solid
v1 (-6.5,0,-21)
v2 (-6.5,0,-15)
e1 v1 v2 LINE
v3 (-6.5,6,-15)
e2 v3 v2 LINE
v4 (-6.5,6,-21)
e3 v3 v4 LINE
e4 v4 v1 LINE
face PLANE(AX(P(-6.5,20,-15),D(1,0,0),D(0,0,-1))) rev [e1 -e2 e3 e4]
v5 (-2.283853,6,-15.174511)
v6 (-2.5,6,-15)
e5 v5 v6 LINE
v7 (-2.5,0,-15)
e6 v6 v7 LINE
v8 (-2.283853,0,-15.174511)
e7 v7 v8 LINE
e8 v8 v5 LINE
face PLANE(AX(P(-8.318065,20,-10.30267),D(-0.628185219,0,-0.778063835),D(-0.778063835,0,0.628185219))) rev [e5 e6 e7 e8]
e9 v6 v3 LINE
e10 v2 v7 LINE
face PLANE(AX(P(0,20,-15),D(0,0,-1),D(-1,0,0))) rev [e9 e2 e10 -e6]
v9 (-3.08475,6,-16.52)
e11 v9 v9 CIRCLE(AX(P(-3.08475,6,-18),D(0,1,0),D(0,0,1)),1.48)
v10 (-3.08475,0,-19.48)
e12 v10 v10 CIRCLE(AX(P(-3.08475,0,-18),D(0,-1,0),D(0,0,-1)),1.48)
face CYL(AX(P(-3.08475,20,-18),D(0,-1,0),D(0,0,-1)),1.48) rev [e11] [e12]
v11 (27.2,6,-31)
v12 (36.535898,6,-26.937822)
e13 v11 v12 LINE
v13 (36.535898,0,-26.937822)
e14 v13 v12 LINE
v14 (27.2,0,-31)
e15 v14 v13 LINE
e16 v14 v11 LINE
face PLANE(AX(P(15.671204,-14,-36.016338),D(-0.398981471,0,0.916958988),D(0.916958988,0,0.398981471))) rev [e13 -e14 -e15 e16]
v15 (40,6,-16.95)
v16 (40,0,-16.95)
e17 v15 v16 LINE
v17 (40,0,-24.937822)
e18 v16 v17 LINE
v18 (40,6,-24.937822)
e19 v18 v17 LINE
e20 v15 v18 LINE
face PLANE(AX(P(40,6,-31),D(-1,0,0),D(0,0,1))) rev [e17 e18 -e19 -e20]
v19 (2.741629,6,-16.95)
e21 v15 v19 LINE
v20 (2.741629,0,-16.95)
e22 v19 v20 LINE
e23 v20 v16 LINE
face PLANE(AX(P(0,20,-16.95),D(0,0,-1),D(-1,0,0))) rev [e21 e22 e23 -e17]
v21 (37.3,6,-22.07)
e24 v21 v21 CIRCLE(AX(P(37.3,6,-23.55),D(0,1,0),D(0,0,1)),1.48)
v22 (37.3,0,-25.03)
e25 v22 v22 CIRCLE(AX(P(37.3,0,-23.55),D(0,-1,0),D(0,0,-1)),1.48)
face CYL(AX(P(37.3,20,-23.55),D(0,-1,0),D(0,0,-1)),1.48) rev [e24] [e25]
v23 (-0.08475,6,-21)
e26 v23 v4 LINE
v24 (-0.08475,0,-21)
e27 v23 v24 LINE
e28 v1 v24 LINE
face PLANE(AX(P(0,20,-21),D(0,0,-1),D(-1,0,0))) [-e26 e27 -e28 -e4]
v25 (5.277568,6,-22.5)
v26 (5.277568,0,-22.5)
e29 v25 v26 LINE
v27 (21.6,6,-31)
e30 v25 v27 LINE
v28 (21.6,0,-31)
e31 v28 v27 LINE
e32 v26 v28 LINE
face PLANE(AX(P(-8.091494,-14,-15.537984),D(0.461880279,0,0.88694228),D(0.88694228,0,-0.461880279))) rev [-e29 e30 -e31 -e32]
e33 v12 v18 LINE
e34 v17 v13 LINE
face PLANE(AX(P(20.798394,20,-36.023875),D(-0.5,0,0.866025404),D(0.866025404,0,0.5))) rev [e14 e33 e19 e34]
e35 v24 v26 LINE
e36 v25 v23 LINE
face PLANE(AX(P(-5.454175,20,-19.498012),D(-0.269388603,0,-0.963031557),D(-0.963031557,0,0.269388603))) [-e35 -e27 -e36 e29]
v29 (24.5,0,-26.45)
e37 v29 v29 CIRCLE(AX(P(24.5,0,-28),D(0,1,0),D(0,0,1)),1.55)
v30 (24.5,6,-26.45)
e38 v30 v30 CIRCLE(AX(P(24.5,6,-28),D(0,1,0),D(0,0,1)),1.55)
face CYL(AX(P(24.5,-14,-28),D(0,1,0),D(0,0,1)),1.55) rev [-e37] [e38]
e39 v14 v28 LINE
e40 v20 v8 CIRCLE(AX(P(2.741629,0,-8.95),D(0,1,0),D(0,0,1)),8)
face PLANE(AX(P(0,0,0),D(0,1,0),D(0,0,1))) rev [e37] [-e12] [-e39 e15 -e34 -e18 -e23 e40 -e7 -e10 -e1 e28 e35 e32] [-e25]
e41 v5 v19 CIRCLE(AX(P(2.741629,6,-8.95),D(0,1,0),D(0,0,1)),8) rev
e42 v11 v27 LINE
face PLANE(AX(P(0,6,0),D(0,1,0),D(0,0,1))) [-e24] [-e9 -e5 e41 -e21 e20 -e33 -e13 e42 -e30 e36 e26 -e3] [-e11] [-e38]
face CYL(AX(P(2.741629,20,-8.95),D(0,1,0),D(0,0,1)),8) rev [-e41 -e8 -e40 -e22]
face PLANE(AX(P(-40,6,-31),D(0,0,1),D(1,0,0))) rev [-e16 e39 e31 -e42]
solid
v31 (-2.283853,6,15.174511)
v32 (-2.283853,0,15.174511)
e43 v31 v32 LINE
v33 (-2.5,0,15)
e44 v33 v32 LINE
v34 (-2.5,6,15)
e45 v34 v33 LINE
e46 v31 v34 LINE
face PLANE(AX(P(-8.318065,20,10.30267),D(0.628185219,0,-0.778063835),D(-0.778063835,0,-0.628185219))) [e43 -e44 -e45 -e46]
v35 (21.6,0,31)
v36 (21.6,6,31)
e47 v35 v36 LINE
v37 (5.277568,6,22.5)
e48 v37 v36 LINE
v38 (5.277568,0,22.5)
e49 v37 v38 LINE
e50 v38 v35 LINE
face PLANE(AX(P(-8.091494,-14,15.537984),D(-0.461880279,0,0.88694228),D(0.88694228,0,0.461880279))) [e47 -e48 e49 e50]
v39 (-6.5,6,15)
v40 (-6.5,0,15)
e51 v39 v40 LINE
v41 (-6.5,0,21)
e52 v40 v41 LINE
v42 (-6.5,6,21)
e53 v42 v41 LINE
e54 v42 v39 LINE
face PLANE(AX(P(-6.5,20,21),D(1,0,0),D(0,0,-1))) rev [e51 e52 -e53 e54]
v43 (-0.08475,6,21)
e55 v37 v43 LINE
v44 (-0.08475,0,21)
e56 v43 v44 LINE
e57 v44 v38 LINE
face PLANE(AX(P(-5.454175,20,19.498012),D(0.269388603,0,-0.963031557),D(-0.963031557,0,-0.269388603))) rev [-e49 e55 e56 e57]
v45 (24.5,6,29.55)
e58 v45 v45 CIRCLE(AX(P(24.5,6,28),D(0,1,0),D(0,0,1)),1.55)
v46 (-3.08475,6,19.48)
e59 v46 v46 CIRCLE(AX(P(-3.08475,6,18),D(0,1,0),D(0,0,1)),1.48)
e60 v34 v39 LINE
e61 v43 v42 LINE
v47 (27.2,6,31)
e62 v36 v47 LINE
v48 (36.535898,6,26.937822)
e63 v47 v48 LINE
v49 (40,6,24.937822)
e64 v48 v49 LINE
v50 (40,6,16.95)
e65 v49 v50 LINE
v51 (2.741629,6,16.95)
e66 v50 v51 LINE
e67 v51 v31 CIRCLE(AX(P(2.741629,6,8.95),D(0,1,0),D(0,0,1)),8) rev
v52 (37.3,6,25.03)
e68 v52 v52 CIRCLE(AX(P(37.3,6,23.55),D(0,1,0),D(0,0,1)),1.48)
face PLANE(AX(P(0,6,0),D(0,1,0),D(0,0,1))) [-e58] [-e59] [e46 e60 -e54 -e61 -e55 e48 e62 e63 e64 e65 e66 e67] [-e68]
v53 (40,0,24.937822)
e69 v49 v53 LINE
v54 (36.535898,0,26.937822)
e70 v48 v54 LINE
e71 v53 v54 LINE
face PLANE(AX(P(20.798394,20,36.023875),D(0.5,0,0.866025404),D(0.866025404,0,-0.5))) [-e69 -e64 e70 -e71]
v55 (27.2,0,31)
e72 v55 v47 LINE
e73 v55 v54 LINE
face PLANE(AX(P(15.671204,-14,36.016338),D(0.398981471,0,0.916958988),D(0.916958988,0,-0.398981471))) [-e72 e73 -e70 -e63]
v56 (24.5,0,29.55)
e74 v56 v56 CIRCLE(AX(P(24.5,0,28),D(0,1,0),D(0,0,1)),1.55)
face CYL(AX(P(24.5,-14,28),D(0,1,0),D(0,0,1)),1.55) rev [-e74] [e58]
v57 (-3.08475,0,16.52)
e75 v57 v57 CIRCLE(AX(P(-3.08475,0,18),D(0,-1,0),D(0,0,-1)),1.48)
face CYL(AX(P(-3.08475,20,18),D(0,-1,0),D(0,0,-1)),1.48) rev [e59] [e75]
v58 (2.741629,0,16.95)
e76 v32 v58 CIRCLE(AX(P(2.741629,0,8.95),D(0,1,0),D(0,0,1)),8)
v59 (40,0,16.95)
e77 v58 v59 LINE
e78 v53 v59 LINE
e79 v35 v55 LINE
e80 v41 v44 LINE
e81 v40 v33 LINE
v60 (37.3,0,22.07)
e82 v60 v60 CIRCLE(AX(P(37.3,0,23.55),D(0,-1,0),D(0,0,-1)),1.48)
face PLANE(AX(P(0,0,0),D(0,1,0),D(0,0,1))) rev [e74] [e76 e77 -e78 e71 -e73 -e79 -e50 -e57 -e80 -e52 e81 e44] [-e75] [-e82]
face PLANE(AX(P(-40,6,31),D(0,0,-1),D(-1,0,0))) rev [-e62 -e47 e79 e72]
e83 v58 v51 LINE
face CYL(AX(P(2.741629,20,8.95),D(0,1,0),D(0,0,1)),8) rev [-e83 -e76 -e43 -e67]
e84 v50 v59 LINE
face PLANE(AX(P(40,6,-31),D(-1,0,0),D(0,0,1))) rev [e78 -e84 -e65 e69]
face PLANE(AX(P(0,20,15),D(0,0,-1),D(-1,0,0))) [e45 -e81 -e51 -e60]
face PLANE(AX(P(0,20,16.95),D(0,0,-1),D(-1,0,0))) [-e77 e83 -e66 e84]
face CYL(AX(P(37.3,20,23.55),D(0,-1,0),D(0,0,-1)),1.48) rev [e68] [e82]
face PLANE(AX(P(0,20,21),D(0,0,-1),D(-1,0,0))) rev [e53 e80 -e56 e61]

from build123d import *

# Parameters (mm, degrees)
SKETCH_1_W          = 80
SKETCH_1_H          = 62
EXTRUDE_1_DEPTH     = 6
CUT_EXTRUDE_1_DEPTH = 20
SKETCH_4_R          = 1.55
CUT_EXTRUDE_2_DEPTH = 20
SKETCH_5_R          = 1.55
CUT_EXTRUDE_3_DEPTH = 20
SKETCH_6_R          = 1.48
SKETCH_6_W          = 18
SKETCH_6_H          = 6
CUT_EXTRUDE_4_DEPTH = 20
SKETCH_7_R          = 1.48
SKETCH_7_W          = 18
SKETCH_7_H          = 6
CUT_EXTRUDE_5_DEPTH = 20
CUT_EXTRUDE_6_DEPTH = 20
CUT_EXTRUDE_7_DEPTH = 20
FILLET_3_R          = 8
FILLET_4_R          = 8


with BuildPart() as part:
    # 草图1 → 凸台-拉伸1 (new body)
    with BuildSketch(Plane(origin=(0, 0, 0), x_dir=(1, 0, 0), z_dir=(0, 1, 0))):
        Rectangle(SKETCH_1_W, SKETCH_1_H)
    extrude(amount=EXTRUDE_1_DEPTH)

    # 草图2 → 切除-拉伸1 (cut)
    with BuildSketch(Plane.XZ):
        Polygon((40, -16.95), (40, 16.95), (12.215250205, 16.95), (-0.084749795, 16.95), (-2.5, 15), (-24.5, 15), (-24.5, 21), (-0.084749795, 21), (5.277568136, 22.5), (20, 31), (-40, 31), (-40, -31), (20, -31), (5.277568136, -22.5), (-0.084749795, -21), (-24.5, -21), (-24.5, -15), (-2.5, -15), (-0.084749795, -16.95), (12.215250205, -16.95), align=None)
        Polygon((29.5, 31), (40, 24.937822174), (40, 31), align=None)
        Polygon((40, -31), (40, -24.937822174), (29.5, -31), align=None)
    extrude(amount=-CUT_EXTRUDE_1_DEPTH, mode=Mode.SUBTRACT)


with BuildPart() as cut_extrude_1_piece_1:
    # of the separate pieces the step leaves, piece 1, a body of its own (cut_extrude_1_pieces)
    add(part.part.solids().sort_by_distance((20, 0, -31))[0])

    # 草图4 → 切除-拉伸2 (cut)
    with BuildSketch(Plane(origin=(0, 6, 0), x_dir=(1, 0, 0), z_dir=(0, 1, 0))):
        with Locations(Location((24.5, 28, 0), (0, 0, 270))):
            Circle(SKETCH_4_R)
    extrude(amount=-CUT_EXTRUDE_2_DEPTH, mode=Mode.SUBTRACT)

    # 草图6 → 切除-拉伸4 (cut)
    with BuildSketch(Plane.XZ):
        with Locations(Location((37.3, -23.55, 0), (0, 0, 270))):
            Circle(SKETCH_6_R)
        with Locations(Location((-3.084749795, -18, 0), (0, 0, 270))):
            Circle(SKETCH_6_R)
        with Locations((-15.5, -18)):
            Rectangle(SKETCH_6_W, SKETCH_6_H)
    extrude(amount=-CUT_EXTRUDE_4_DEPTH, mode=Mode.SUBTRACT)

    # 草图8 → 切除-拉伸6 (cut)
    with BuildSketch(Plane(origin=(0, 6, 0), x_dir=(1, 0, 0), z_dir=(0, 1, 0))):
        Polygon((20, 31), (5.277568136, 22.5), (21.6, 31), align=None)
        Polygon((29.5, 31), (27.2, 31), (36.535898385, 26.937822174), align=None)
    extrude(amount=-CUT_EXTRUDE_6_DEPTH, mode=Mode.SUBTRACT)

    # 圆角3
    fillet_3_edges = [cut_extrude_1_piece_1.edges().sort_by_distance(p)[0] for p in [
        (-0.084749795, 3, -16.95),
    ]]
    fillet(fillet_3_edges, radius=FILLET_3_R)


with BuildPart() as cut_extrude_1_piece_2:
    # of the separate pieces the step leaves, piece 2, a body of its own (cut_extrude_1_pieces)
    add(part.part.solids().sort_by_distance((29.5, 0, 31))[0])

    # 草图5 → 切除-拉伸3 (cut)
    with BuildSketch(Plane(origin=(0, 6, 0), x_dir=(1, 0, 0), z_dir=(0, 1, 0))):
        with Locations(Location((24.5, -28, 0), (0, 0, 270))):
            Circle(SKETCH_5_R)
    extrude(amount=-CUT_EXTRUDE_3_DEPTH, mode=Mode.SUBTRACT)

    # 草图7 → 切除-拉伸5 (cut)
    with BuildSketch(Plane.XZ):
        with Locations(Location((37.3, 23.55, 0), (0, 0, 270))):
            Circle(SKETCH_7_R)
        with Locations(Location((-3.084749795, 18, 0), (0, 0, 270))):
            Circle(SKETCH_7_R)
        with Locations((-15.5, 18)):
            Rectangle(SKETCH_7_W, SKETCH_7_H)
    extrude(amount=-CUT_EXTRUDE_5_DEPTH, mode=Mode.SUBTRACT)

    # 草图9 → 切除-拉伸7 (cut)
    with BuildSketch(Plane(origin=(0, 6, 0), x_dir=(1, 0, 0), z_dir=(0, 1, 0))):
        Polygon((21.6, -31), (5.277568136, -22.5), (20, -31), align=None)
        Polygon((36.535898385, -26.937822174), (27.2, -31), (29.5, -31), align=None)
    extrude(amount=-CUT_EXTRUDE_7_DEPTH, mode=Mode.SUBTRACT)

    # 圆角4
    fillet_4_edges = [cut_extrude_1_piece_2.edges().sort_by_distance(p)[0] for p in [
        (-0.084749795, 3, 16.95),
    ]]
    fillet(fillet_4_edges, radius=FILLET_4_R)


solid = Compound([cut_extrude_1_piece_1.part, cut_extrude_1_piece_2.part])
